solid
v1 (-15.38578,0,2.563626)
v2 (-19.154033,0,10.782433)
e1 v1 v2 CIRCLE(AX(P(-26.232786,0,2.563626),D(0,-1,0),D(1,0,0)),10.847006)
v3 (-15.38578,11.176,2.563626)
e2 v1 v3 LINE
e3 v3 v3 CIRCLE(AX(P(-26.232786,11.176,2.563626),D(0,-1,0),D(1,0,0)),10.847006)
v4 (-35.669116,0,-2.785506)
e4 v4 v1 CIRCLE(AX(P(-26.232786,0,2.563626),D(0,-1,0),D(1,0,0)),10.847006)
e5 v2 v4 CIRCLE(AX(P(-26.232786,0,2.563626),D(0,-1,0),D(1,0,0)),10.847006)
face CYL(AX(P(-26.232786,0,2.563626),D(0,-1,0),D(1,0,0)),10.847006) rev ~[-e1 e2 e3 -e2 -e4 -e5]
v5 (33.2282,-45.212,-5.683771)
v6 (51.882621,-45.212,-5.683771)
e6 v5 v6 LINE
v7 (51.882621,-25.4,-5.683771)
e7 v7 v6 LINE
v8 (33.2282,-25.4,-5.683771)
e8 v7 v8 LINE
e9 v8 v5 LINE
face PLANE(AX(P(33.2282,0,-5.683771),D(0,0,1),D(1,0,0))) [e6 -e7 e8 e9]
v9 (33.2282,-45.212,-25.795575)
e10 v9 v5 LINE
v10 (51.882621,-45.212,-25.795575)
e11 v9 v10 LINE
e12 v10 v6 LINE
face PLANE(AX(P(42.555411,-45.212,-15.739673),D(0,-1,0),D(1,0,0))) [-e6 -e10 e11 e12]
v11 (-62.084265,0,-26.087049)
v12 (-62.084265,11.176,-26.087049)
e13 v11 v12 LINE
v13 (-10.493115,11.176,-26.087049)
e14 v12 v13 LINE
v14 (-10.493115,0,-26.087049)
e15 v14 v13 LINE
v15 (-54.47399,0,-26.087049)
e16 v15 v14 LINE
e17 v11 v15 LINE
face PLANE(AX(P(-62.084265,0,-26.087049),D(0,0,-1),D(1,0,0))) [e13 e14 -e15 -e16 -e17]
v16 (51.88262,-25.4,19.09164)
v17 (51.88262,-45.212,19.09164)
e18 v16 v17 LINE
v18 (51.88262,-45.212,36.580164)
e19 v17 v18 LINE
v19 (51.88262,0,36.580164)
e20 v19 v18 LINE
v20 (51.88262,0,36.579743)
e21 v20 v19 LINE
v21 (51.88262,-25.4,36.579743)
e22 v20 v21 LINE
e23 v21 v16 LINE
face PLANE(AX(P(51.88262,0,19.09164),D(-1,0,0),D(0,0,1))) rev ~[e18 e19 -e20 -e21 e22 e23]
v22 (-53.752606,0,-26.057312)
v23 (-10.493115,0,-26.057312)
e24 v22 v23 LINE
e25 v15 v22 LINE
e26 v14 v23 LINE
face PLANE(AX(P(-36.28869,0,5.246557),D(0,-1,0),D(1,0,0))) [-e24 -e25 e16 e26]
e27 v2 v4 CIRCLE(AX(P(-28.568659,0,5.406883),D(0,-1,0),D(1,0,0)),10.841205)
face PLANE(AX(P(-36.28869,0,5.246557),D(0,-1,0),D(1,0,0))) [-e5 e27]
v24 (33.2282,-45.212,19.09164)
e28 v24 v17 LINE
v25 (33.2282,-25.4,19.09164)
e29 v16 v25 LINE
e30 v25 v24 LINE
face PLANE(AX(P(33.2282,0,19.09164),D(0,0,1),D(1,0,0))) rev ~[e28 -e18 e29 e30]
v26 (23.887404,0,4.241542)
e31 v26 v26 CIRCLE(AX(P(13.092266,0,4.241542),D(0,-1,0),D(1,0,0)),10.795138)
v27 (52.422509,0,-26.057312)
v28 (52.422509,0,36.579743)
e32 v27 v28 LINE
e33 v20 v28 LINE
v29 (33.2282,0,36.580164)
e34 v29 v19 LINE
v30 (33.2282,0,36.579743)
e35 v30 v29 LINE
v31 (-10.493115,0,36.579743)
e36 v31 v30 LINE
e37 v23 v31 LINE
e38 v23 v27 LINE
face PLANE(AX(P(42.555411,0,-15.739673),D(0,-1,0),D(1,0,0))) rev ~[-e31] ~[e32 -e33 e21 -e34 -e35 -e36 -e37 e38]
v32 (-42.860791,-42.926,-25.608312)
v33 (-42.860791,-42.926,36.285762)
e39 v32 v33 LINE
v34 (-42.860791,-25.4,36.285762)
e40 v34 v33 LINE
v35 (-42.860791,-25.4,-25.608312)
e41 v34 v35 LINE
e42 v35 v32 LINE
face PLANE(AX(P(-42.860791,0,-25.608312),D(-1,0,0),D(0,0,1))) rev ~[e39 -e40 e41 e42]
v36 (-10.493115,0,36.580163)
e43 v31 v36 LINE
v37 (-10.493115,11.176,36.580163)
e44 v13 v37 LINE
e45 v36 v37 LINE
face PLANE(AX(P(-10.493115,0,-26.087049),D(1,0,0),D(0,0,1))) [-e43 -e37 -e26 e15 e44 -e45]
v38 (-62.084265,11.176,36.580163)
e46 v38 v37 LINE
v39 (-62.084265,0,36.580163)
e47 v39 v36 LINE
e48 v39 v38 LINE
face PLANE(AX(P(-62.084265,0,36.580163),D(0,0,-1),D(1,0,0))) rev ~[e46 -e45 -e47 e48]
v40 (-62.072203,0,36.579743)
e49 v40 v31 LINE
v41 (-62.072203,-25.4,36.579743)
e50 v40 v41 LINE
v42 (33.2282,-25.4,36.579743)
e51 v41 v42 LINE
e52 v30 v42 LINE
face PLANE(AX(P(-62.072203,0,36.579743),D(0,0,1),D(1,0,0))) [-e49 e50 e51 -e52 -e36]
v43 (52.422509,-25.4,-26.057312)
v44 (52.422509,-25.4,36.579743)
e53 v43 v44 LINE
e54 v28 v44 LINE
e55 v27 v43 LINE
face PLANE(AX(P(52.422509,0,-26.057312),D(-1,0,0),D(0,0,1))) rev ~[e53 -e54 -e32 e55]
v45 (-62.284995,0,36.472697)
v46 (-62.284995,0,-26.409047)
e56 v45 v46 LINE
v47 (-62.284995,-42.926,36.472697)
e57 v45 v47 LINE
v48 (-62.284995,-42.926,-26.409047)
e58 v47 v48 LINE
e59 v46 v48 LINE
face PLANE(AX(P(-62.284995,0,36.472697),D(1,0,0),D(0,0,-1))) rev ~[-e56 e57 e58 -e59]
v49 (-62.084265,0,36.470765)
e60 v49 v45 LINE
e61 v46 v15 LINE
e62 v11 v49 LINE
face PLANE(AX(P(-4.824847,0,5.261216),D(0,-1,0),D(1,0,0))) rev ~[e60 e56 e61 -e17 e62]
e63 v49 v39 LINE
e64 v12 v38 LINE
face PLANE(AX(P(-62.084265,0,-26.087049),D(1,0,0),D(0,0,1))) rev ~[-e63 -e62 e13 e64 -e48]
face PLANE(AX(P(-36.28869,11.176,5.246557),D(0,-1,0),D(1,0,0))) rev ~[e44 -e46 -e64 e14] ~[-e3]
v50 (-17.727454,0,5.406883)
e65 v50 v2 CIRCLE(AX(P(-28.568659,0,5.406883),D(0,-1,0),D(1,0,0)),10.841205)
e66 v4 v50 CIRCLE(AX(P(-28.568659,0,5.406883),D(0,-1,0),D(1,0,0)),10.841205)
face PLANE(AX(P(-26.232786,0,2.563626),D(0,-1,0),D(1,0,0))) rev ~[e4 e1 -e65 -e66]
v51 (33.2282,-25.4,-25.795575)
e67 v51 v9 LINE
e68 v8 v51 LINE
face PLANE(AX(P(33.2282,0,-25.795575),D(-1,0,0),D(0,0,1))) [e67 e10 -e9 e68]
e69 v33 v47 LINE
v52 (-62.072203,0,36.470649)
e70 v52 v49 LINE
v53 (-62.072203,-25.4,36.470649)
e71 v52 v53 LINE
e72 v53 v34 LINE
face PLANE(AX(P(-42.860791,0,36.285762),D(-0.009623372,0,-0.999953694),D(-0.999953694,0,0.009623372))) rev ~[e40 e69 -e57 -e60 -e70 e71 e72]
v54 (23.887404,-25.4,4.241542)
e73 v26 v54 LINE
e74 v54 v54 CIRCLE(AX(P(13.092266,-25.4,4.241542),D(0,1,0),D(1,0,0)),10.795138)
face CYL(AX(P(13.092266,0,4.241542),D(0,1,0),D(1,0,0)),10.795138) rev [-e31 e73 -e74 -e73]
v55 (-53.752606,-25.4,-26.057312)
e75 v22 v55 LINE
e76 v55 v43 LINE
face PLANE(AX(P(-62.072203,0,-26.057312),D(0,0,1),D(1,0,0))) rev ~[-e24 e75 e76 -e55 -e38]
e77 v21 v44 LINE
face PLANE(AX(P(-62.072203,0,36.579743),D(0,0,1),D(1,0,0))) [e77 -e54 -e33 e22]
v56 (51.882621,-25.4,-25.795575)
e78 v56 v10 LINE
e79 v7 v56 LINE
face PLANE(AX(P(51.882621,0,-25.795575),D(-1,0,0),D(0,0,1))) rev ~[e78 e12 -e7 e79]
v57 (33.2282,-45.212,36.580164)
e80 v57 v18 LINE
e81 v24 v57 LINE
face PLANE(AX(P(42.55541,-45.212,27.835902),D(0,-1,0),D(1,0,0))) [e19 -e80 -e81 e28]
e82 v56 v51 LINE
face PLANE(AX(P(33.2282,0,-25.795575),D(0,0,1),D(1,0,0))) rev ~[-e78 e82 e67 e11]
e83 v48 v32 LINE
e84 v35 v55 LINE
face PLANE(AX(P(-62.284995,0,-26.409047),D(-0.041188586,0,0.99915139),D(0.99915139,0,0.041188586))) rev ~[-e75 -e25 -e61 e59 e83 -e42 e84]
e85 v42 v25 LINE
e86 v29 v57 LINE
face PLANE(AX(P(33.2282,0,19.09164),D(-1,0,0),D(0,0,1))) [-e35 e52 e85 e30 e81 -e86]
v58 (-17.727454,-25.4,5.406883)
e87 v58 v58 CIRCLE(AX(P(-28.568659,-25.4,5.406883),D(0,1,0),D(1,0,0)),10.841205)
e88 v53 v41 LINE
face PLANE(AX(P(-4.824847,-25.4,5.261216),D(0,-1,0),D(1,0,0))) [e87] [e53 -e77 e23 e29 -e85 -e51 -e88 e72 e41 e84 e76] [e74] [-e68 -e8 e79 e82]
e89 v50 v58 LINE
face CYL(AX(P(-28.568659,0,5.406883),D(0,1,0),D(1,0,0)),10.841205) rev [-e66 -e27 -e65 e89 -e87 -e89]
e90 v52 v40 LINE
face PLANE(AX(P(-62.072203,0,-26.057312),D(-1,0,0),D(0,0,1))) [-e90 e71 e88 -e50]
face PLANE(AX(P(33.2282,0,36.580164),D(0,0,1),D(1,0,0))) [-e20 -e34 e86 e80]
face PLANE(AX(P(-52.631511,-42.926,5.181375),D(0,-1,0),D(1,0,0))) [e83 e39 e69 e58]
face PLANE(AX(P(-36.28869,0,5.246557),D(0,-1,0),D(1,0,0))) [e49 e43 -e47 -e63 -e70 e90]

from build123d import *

# Parameters (mm, degrees)
F0_W      = 114.494712
F0_H      = 62.637055
F1_DEPTH  = 25.4
F2_R      = 10.795138
F2_R_2    = 10.841205
F2_R_3    = 10.79514
F3_DEPTH  = 116.84
F5_DEPTH  = 42.926
F6_W      = 51.59115
F6_H      = 62.667213
F7_DEPTH  = 11.176
F8_R      = 10.847006
F9_DEPTH  = 65.532
F10_W     = 18.654421
F10_H     = 20.111804
F10_W_2   = 18.65442
F10_H_2   = 17.488524
F11_DEPTH = 45.212


with BuildPart() as f1:
    # F0 (on Front) → F1 (new body)
    with BuildSketch(Plane.XZ):
        with Locations((-4.824847, 5.261216)):
            Rectangle(F0_W, F0_H)
    extrude(amount=F1_DEPTH)

    # F2 (on Front) → F3 (cut)
    with BuildSketch(Plane.XZ):
        with Locations((13.092266, 4.241542)):
            Circle(F2_R)
        with Locations((-28.568659, 5.406883)):
            Circle(F2_R_2)
        with Locations((-28.568659, 5.406883)):
            Circle(F2_R_3, mode=Mode.SUBTRACT)
        with Locations((-28.568659, 5.406883)):
            Circle(F2_R_3)
    extrude(amount=F3_DEPTH, mode=Mode.SUBTRACT)

    # F4 (on Front) → F5 (join)
    with BuildSketch(Plane.XZ):
        Polygon((-42.860791, -25.608312), (-42.860791, 36.285762), (-62.284995, 36.472697), (-62.284995, -26.409047), align=None)
    extrude(amount=F5_DEPTH)

    # F6 (on Front) → F7 (join)
    with BuildSketch(Plane.XZ):
        with Locations((-36.28869, 5.246557)):
            Rectangle(F6_W, F6_H)
    extrude(amount=-F7_DEPTH)

    # F8 (on Front) → F9 (cut)
    with BuildSketch(Plane.XZ):
        with Locations((-26.232786, 2.563626)):
            Circle(F8_R)
    extrude(amount=-F9_DEPTH, mode=Mode.SUBTRACT)

    # F10 (on Front) → F11 (join)
    with BuildSketch(Plane.XZ):
        with Locations((42.555411, -15.739673)):
            Rectangle(F10_W, F10_H)
        with Locations((42.55541, 27.835902)):
            Rectangle(F10_W_2, F10_H_2)
    extrude(amount=F11_DEPTH)


solid = f1.part
